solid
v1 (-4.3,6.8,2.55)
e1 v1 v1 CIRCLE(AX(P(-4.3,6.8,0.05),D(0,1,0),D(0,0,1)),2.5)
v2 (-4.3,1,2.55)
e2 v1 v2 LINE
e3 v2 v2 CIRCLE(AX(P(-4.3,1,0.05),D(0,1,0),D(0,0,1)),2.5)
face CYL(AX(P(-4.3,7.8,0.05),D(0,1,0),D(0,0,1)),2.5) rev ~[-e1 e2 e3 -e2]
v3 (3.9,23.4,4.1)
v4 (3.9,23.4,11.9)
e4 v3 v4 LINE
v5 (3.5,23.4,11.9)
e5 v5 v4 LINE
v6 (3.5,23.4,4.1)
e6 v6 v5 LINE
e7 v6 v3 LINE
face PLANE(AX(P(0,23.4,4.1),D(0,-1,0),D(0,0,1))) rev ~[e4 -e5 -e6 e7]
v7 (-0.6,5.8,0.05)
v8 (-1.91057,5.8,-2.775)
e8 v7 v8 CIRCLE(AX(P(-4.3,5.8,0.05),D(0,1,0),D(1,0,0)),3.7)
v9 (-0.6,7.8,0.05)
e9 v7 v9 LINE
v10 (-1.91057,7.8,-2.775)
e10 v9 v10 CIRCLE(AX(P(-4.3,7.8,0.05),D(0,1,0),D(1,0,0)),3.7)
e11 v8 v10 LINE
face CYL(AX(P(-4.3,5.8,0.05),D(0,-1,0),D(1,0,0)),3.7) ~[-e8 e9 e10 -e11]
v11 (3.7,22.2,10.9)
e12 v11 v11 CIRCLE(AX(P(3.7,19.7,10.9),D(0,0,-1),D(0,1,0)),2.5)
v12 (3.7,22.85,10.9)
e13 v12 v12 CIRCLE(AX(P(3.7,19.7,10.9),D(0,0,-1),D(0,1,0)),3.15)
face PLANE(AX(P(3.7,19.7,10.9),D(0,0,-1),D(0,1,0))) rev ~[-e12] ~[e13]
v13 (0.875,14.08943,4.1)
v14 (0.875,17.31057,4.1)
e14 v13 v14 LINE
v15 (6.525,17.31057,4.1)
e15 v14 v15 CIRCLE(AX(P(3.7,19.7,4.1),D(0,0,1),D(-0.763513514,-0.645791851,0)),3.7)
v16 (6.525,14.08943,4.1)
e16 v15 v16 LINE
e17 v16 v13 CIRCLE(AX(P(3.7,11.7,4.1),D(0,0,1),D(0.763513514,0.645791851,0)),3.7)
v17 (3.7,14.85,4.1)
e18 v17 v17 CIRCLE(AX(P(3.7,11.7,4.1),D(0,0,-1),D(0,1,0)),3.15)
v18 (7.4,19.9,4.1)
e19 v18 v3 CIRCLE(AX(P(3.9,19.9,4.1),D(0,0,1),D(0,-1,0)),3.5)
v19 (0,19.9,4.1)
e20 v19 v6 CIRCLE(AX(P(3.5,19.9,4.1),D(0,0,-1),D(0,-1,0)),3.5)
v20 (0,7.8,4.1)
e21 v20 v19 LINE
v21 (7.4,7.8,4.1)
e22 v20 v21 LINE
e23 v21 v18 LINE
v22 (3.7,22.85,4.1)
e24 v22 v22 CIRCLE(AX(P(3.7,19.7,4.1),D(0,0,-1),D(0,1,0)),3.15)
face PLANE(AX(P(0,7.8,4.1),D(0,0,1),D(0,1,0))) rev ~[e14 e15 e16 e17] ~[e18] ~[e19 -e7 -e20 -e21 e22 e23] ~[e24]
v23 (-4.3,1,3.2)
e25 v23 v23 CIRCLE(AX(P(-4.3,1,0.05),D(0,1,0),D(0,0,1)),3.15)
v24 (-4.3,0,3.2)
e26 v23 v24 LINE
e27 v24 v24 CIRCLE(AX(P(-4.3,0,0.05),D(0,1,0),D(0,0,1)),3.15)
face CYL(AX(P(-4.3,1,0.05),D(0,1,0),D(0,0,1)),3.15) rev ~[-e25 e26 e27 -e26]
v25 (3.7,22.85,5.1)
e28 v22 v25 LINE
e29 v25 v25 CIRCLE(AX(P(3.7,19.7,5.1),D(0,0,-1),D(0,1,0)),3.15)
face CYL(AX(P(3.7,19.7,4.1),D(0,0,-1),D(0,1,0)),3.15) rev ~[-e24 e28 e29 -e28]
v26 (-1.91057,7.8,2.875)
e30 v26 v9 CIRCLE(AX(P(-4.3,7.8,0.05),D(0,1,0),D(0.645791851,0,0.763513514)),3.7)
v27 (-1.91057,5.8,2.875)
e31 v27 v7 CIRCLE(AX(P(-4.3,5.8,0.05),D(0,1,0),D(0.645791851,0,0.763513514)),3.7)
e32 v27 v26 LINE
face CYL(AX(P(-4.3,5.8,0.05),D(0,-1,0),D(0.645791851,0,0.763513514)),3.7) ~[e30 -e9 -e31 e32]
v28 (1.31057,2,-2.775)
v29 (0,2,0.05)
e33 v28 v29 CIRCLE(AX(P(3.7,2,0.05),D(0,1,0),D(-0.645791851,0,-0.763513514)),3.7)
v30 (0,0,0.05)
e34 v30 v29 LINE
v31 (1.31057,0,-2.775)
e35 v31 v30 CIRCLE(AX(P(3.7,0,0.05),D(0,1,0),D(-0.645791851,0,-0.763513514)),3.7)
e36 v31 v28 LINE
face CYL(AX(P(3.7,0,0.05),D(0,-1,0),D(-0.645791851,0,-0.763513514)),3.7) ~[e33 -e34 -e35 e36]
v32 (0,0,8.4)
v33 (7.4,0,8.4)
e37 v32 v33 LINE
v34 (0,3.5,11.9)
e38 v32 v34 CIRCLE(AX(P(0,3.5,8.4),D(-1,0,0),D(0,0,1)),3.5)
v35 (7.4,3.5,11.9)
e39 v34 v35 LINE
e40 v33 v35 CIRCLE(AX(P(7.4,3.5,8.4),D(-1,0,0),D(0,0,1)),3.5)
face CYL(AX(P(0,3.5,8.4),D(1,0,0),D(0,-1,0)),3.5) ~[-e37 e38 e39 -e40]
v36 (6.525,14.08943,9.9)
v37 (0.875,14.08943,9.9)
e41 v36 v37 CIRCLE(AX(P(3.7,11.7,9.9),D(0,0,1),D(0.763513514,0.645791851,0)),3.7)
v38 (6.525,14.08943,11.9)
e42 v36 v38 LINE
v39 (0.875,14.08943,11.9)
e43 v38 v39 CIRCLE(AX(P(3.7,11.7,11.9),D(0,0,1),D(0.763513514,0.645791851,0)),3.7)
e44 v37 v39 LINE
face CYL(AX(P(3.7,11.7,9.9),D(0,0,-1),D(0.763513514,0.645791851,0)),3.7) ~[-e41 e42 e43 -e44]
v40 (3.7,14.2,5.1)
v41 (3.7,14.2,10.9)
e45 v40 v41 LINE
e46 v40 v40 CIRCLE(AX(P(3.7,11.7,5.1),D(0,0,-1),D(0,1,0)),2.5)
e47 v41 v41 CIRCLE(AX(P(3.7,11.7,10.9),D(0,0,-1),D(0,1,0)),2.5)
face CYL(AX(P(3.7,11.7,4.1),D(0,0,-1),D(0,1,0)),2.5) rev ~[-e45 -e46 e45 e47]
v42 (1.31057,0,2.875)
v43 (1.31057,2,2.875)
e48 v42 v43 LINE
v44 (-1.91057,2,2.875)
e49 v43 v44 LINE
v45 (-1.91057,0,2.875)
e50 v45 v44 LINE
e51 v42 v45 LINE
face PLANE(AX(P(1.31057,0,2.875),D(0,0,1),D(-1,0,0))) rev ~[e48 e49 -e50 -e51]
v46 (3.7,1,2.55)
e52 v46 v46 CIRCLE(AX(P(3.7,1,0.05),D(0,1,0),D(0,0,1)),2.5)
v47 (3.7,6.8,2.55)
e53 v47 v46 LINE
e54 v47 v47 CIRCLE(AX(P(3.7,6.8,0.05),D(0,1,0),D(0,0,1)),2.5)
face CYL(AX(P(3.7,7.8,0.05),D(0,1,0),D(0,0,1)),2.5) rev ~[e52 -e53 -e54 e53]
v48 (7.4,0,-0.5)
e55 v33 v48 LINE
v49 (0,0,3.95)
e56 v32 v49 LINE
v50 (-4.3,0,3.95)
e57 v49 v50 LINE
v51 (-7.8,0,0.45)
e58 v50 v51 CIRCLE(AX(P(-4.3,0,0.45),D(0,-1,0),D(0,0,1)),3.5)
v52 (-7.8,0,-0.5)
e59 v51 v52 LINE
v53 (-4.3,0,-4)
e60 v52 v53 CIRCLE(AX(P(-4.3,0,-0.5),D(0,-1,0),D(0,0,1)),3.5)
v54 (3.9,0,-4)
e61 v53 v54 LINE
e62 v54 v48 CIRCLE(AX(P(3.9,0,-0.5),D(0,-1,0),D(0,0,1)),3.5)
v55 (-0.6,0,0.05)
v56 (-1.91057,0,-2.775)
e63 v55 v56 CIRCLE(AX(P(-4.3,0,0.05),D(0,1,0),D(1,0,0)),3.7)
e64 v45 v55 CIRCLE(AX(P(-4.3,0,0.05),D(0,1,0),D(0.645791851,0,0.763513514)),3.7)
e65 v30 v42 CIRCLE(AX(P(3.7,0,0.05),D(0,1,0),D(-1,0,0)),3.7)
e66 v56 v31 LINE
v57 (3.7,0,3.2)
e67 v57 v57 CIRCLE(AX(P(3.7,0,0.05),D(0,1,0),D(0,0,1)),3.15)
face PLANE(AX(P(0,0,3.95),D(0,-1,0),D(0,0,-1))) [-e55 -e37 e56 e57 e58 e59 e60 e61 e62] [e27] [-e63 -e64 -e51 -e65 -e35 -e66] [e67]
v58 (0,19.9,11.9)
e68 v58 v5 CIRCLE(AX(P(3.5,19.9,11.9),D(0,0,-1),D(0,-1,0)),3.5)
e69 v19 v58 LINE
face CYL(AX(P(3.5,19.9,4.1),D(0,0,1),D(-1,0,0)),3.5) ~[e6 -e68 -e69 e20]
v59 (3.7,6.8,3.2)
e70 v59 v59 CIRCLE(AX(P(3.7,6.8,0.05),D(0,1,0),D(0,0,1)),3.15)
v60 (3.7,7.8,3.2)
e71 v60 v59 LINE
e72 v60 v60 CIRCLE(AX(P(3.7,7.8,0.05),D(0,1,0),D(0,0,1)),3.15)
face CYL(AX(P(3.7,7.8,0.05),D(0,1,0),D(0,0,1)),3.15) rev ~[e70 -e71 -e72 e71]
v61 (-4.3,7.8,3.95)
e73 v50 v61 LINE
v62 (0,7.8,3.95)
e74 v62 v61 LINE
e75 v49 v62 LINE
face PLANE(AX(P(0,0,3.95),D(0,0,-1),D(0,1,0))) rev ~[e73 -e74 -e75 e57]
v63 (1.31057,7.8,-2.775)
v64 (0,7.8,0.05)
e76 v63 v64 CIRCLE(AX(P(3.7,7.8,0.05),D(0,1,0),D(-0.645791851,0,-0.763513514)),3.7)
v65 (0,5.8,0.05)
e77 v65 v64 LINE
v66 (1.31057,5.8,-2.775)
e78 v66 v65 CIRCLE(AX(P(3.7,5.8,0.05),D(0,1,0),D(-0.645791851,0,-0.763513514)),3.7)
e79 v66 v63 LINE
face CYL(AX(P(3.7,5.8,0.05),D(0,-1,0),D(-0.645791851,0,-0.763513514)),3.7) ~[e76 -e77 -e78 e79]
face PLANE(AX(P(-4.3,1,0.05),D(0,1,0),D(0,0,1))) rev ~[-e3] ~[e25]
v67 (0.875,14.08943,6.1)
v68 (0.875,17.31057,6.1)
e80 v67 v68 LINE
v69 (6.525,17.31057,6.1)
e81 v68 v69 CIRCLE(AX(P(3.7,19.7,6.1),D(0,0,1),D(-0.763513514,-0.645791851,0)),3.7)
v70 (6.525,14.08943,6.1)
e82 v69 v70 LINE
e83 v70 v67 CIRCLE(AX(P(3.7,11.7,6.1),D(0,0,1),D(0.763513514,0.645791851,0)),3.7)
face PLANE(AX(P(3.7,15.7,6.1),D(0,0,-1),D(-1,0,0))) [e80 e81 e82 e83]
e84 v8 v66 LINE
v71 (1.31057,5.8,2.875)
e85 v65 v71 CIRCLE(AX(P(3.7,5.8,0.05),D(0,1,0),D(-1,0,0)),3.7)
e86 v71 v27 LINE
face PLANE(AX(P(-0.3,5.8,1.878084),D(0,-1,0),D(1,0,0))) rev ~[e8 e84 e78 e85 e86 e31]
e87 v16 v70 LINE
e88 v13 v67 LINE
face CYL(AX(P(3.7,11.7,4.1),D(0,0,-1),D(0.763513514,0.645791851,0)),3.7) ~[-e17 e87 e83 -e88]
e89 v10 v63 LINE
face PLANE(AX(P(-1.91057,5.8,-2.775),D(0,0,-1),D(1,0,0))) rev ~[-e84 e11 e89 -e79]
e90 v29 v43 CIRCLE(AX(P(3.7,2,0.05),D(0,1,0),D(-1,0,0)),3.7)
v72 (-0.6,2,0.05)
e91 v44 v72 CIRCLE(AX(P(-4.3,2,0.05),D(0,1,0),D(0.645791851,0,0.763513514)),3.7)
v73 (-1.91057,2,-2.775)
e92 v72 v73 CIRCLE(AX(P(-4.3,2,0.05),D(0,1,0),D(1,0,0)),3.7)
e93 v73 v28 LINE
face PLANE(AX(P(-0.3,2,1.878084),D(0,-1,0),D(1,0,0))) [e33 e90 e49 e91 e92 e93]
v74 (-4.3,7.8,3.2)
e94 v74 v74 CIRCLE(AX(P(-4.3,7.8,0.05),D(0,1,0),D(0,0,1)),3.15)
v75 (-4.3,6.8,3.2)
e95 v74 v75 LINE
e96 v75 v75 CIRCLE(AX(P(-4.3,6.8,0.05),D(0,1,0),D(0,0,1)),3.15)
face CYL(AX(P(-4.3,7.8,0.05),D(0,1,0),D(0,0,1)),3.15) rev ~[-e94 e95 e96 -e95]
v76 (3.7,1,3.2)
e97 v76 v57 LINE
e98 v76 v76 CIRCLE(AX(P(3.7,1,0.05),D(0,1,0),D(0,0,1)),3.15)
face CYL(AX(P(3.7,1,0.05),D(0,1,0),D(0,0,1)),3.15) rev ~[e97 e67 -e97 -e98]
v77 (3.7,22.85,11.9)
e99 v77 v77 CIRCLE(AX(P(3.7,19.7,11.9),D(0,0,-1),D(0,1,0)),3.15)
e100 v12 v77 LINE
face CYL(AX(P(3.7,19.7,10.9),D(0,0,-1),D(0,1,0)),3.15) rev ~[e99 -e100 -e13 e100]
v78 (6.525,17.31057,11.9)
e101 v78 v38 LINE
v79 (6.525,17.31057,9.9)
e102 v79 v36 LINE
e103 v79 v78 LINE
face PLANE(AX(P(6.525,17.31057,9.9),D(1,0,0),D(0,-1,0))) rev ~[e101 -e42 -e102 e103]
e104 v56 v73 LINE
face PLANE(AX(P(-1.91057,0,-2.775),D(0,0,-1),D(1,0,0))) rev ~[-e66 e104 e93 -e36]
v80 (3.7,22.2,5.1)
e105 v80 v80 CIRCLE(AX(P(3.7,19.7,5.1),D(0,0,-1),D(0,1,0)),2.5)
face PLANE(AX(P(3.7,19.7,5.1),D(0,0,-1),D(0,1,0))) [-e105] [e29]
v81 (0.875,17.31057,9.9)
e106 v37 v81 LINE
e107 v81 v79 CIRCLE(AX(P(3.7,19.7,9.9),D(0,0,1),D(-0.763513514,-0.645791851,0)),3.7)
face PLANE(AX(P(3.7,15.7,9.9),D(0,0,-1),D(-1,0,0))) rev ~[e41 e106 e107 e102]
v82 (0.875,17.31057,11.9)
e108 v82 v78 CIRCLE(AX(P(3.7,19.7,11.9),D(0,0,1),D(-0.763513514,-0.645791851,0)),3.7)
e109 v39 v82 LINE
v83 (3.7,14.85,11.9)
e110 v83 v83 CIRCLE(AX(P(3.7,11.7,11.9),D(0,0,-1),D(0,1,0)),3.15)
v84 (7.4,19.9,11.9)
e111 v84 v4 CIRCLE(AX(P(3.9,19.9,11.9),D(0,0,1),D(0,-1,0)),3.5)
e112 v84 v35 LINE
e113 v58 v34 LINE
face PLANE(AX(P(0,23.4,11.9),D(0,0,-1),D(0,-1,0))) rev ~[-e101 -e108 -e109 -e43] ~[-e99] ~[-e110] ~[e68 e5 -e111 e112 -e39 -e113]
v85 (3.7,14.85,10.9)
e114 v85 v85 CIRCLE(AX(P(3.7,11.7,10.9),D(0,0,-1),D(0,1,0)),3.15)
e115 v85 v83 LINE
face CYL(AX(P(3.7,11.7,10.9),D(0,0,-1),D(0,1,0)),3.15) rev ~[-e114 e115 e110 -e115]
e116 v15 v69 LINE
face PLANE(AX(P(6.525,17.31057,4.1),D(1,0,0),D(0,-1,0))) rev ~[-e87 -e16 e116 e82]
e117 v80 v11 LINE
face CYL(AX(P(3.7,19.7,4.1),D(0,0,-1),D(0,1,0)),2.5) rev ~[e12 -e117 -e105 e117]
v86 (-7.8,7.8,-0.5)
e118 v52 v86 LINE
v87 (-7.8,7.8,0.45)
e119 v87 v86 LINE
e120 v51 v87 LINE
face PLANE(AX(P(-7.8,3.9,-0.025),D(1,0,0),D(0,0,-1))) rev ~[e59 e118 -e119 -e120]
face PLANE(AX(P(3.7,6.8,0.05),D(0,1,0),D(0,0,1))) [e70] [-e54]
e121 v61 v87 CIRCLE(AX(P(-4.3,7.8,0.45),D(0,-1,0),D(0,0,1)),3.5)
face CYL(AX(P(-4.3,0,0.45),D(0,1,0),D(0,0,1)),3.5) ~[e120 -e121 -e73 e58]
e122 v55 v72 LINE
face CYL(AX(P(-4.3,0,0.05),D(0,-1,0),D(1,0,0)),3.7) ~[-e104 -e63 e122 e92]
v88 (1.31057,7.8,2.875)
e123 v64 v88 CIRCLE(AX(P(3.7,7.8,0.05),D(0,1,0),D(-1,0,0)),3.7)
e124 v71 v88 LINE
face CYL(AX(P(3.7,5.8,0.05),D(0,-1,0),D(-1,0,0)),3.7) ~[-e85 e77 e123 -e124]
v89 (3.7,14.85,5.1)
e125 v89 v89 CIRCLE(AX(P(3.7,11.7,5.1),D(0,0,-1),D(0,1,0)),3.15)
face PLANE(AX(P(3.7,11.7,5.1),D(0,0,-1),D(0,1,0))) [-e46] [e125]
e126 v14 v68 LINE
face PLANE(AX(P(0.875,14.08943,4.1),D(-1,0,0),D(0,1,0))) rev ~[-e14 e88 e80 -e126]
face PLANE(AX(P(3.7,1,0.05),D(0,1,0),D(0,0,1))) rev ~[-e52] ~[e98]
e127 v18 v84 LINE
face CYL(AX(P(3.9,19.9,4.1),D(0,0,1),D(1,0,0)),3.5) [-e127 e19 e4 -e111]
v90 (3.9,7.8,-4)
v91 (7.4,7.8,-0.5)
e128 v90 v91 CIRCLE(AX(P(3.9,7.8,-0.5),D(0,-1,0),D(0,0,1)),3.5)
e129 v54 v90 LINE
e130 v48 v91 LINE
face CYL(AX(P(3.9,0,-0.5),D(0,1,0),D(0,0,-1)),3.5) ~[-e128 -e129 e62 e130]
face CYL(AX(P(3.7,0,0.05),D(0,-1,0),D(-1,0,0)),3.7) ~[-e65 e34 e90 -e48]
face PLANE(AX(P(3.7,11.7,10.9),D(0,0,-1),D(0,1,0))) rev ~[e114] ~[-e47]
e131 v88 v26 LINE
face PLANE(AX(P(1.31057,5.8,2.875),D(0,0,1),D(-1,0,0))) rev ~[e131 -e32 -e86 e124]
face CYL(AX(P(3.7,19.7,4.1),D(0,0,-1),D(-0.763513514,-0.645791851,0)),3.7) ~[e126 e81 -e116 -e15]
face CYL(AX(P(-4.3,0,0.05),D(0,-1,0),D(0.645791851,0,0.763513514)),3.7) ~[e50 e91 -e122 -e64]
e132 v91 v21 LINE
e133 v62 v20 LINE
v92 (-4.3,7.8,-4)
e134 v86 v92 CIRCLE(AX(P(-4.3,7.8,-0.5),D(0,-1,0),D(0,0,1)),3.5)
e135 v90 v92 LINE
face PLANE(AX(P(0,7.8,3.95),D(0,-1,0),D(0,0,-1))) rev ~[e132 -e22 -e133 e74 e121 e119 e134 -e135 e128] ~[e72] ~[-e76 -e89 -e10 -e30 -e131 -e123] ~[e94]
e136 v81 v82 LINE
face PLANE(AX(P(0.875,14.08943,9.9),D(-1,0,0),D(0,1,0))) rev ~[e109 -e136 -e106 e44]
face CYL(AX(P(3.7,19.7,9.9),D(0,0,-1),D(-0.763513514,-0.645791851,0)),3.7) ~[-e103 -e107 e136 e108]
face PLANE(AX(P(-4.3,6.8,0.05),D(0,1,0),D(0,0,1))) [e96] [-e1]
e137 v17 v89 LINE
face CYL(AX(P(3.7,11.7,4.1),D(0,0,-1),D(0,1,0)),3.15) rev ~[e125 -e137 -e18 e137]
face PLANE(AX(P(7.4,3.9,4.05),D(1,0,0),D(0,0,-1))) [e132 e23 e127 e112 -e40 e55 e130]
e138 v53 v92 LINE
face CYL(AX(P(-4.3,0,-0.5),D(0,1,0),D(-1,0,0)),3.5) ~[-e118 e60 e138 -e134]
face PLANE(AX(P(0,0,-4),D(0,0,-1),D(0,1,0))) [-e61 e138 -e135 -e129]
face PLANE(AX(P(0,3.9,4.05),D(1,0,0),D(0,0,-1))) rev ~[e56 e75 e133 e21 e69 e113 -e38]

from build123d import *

# Parameters (mm, degrees)
SKETCH_3_W             = 0.1
SKETCH_3_H             = 7.8
SKETCH_3_W_2           = 8
EXTRUDE_1_DEPTH        = 7.4
CUT_EXTRUDE_1_REACH    = 22.97
SKETCH_4_R             = 2.5
SKETCH_4_3_R           = 3.15
SKETCH_4_3_R_2         = 2.5
CUT_EXTRUDE_2_DEPTH    = 1
CUT_EXTRUDE_START      = -6.8
SKETCH_4_4_R           = 3.15
SKETCH_4_4_R_2         = 2.5
CUT_EXTRUDE_3_DEPTH    = 1
SKETCH_5_R             = 2.5
CUT_EXTRUDE_4_DEPTH    = 26.844341741
SKETCH_5_3_R           = 3.15
SKETCH_5_3_R_2         = 2.5
CUT_EXTRUDE_5_DEPTH    = 1
SKETCH_5_4_R           = 3.15
SKETCH_5_4_R_2         = 2.5
CUT_EXTRUDE_6_DEPTH    = 1
CUT_EXTRUDE_9_DEPTH    = 2
CUT_EXTRUDE_START_2    = -5.8
CUT_EXTRUDE_10_DEPTH   = 2
PATTERN_LINEAR_1_COUNT = 2
PATTERN_LINEAR_1_PITCH = 8
SKETCH_7_W             = 7.95
SKETCH_7_H             = 7.8
EXTRUDE_2_DEPTH        = 7.8
PATTERN_LINEAR_2_COUNT = 2
PATTERN_LINEAR_2_PITCH = 8
CUT_EXTRUDE_11_DEPTH   = 2
CUT_EXTRUDE_12_DEPTH   = 2
FILLET_1_R             = 3.5


with BuildPart() as part:
    # 草图3 → 凸台-拉伸1 (new body)
    with BuildSketch(Plane(origin=(0, 0, 0), x_dir=(0, 0, -1), z_dir=(1, 0, 0))):
        with Locations((-4.05, 3.9)):
            Rectangle(SKETCH_3_W, SKETCH_3_H)
        Polygon((-11.9, 0), (-4.1, 0), (-4.1, 7.8), (-4.1, 23.4), (-11.9, 23.4), align=None)
        with Locations((0, 3.9)):
            Rectangle(SKETCH_3_W_2, SKETCH_3_H)
    extrude(amount=EXTRUDE_1_DEPTH)

    # 草图4 → 切除-拉伸1 (cut, up to next)
    with BuildSketch(Plane(origin=(0, 7.8, 0), x_dir=(1, 0, 0), z_dir=(0, 1, 0)), mode=Mode.PRIVATE) as cut_extrude_1_sk1:
        with Locations(Location((3.7, -0.05, 0), (0, 0, 270))):
            Circle(SKETCH_4_R)
    cut_extrude_1_tool1 = extrude(cut_extrude_1_sk1.sketch, amount=-CUT_EXTRUDE_1_REACH, mode=Mode.PRIVATE) & part.part
    cut_extrude_1 = cut_extrude_1_tool1.solids().sort_by_distance((3.7, 7.8, 0.05))[0]
    add(cut_extrude_1, mode=Mode.SUBTRACT)

    # 草图4<3> → 切除-拉伸2 (cut)
    with BuildSketch(Plane(origin=(0, 7.8, 0), x_dir=(1, 0, 0), z_dir=(0, 1, 0))):
        with Locations(Location((3.7, -0.05, 0), (0, 0, 270))):
            Circle(SKETCH_4_3_R)
        with Locations(Location((3.7, -0.05, 0), (0, 0, 270))):
            Circle(SKETCH_4_3_R_2, mode=Mode.SUBTRACT)
    cut_extrude_2 = extrude(amount=-CUT_EXTRUDE_2_DEPTH, mode=Mode.SUBTRACT)

    # 草图4<4> → 切除-拉伸3 (cut)
    with BuildSketch(Plane(origin=(0, 7.8, 0), x_dir=(1, 0, 0), z_dir=(0, 1, 0)).offset(CUT_EXTRUDE_START)):
        with Locations(Location((3.7, -0.05, 0), (0, 0, 270))):
            Circle(SKETCH_4_4_R)
        with Locations(Location((3.7, -0.05, 0), (0, 0, 270))):
            Circle(SKETCH_4_4_R_2, mode=Mode.SUBTRACT)
    cut_extrude_3 = extrude(amount=-CUT_EXTRUDE_3_DEPTH, mode=Mode.SUBTRACT)

    # 草图5 → 切除-拉伸4 (cut, through all)
    with BuildSketch(Plane(origin=(0, 0, 4.1), x_dir=(-1, 0, 0), z_dir=(0, 0, -1))):
        with Locations(Location((-3.7, 11.7, 0), (0, 0, 90))):
            Circle(SKETCH_5_R)
    cut_extrude_4 = extrude(amount=-CUT_EXTRUDE_4_DEPTH, mode=Mode.SUBTRACT)

    # 草图5<3> → 切除-拉伸5 (cut)
    with BuildSketch(Plane(origin=(0, 0, 4.1), x_dir=(-1, 0, 0), z_dir=(0, 0, -1))):
        with Locations(Location((-3.7, 11.7, 0), (0, 0, 90))):
            Circle(SKETCH_5_3_R)
        with Locations(Location((-3.7, 11.7, 0), (0, 0, 90))):
            Circle(SKETCH_5_3_R_2, mode=Mode.SUBTRACT)
    cut_extrude_5 = extrude(amount=-CUT_EXTRUDE_5_DEPTH, mode=Mode.SUBTRACT)

    # 草图5<4> → 切除-拉伸6 (cut)
    with BuildSketch(Plane(origin=(0, 0, 4.1), x_dir=(-1, 0, 0), z_dir=(0, 0, -1)).offset(CUT_EXTRUDE_START)):
        with Locations(Location((-3.7, 11.7, 0), (0, 0, 90))):
            Circle(SKETCH_5_4_R)
        with Locations(Location((-3.7, 11.7, 0), (0, 0, 90))):
            Circle(SKETCH_5_4_R_2, mode=Mode.SUBTRACT)
    cut_extrude_6 = extrude(amount=-CUT_EXTRUDE_6_DEPTH, mode=Mode.SUBTRACT)

    # 草图6 → 切除-拉伸9 (cut)
    with BuildSketch(Plane(origin=(0, 0, 4.1), x_dir=(-1, 0, 0), z_dir=(0, 0, -1))):
        with BuildLine():
            ThreePointArc((-6.525, 14.089429848), (-3.7, 15.4), (-0.875, 14.089429848))
            Line((-0.875, 14.089429848), (-0.875, 17.310570152))
            ThreePointArc((-0.875, 17.310570152), (-3.7, 16), (-6.525, 17.310570152))
            Line((-6.525, 17.310570152), (-6.525, 14.089429848))
        make_face()
    extrude(amount=-CUT_EXTRUDE_9_DEPTH, mode=Mode.SUBTRACT)

    # 草图6<3> → 切除-拉伸10 (cut)
    with BuildSketch(Plane(origin=(0, 0, 4.1), x_dir=(-1, 0, 0), z_dir=(0, 0, -1)).offset(CUT_EXTRUDE_START_2)):
        with BuildLine():
            ThreePointArc((-6.525, 14.089429848), (-3.7, 15.4), (-0.875, 14.089429848))
            Line((-0.875, 14.089429848), (-0.875, 17.310570152))
            ThreePointArc((-0.875, 17.310570152), (-3.7, 16), (-6.525, 17.310570152))
            Line((-6.525, 17.310570152), (-6.525, 14.089429848))
        make_face()
    extrude(amount=-CUT_EXTRUDE_10_DEPTH, mode=Mode.SUBTRACT)

    # 阵列(线性)1: 切除-拉伸4, 切除-拉伸5, 切除-拉伸6 ×2
    with Locations(*[(0, i * PATTERN_LINEAR_1_PITCH, 0) for i in range(1, PATTERN_LINEAR_1_COUNT)]):
        add(cut_extrude_4, mode=Mode.SUBTRACT)
        add(cut_extrude_5, mode=Mode.SUBTRACT)
        add(cut_extrude_6, mode=Mode.SUBTRACT)

    # 草图7 → 凸台-拉伸2 (add)
    with BuildSketch(Plane(origin=(0, 0, 0), x_dir=(0, 0, -1), z_dir=(1, 0, 0))):
        with Locations((0.025, 3.9)):
            Rectangle(SKETCH_7_W, SKETCH_7_H)
    extrude(amount=-EXTRUDE_2_DEPTH)

    # 阵列(线性)2: 切除-拉伸1, 切除-拉伸2, 切除-拉伸3 ×2
    with Locations(*[(-i * PATTERN_LINEAR_2_PITCH, 0, 0) for i in range(1, PATTERN_LINEAR_2_COUNT)]):
        add(cut_extrude_1, mode=Mode.SUBTRACT)
        add(cut_extrude_2, mode=Mode.SUBTRACT)
        add(cut_extrude_3, mode=Mode.SUBTRACT)

    # 草图9 → 切除-拉伸11 (cut)
    with BuildSketch(Plane.XZ):
        with BuildLine():
            ThreePointArc((0, 0.05), (0.343596386, 1.607098192), (1.310570152, 2.875))
            Line((1.310570152, 2.875), (-1.910570152, 2.875))
            ThreePointArc((-1.910570152, 2.875), (-0.943596386, 1.607098192), (-0.6, 0.05))
            Line((-0.6, 0.05), (0, 0.05))
        make_face()
        with BuildLine():
            Line((-1.910570152, -2.775), (1.310570152, -2.775))
            ThreePointArc((1.310570152, -2.775), (0.343596386, -1.507098192), (0, 0.05))
            Line((0, 0.05), (-0.6, 0.05))
            ThreePointArc((-0.6, 0.05), (-0.943596386, -1.507098192), (-1.910570152, -2.775))
        make_face()
    extrude(amount=-CUT_EXTRUDE_11_DEPTH, mode=Mode.SUBTRACT)

    # 草图9<3> → 切除-拉伸12 (cut)
    with BuildSketch(Plane.XZ.offset(CUT_EXTRUDE_START_2)):
        with BuildLine():
            ThreePointArc((0, 0.05), (0.343596386, 1.607098192), (1.310570152, 2.875))
            Line((1.310570152, 2.875), (-1.910570152, 2.875))
            ThreePointArc((-1.910570152, 2.875), (-0.943596386, 1.607098192), (-0.6, 0.05))
            Line((-0.6, 0.05), (0, 0.05))
        make_face()
        with BuildLine():
            Line((-1.910570152, -2.775), (1.310570152, -2.775))
            ThreePointArc((1.310570152, -2.775), (0.343596386, -1.507098192), (0, 0.05))
            Line((0, 0.05), (-0.6, 0.05))
            ThreePointArc((-0.6, 0.05), (-0.943596386, -1.507098192), (-1.910570152, -2.775))
        make_face()
    extrude(amount=-CUT_EXTRUDE_12_DEPTH, mode=Mode.SUBTRACT)

    # 圆角1
    fillet_1_edges = [part.edges().sort_by_distance(p)[0] for p in [
        (7.4, 23.4, 8),
        (0, 23.4, 8),
        (-7.8, 3.9, -4),
        (-7.8, 3.9, 3.95),
        (3.7, 0, 11.9),
        (7.4, 3.9, -4),
    ]]
    fillet(fillet_1_edges, radius=FILLET_1_R)


solid = part.part
